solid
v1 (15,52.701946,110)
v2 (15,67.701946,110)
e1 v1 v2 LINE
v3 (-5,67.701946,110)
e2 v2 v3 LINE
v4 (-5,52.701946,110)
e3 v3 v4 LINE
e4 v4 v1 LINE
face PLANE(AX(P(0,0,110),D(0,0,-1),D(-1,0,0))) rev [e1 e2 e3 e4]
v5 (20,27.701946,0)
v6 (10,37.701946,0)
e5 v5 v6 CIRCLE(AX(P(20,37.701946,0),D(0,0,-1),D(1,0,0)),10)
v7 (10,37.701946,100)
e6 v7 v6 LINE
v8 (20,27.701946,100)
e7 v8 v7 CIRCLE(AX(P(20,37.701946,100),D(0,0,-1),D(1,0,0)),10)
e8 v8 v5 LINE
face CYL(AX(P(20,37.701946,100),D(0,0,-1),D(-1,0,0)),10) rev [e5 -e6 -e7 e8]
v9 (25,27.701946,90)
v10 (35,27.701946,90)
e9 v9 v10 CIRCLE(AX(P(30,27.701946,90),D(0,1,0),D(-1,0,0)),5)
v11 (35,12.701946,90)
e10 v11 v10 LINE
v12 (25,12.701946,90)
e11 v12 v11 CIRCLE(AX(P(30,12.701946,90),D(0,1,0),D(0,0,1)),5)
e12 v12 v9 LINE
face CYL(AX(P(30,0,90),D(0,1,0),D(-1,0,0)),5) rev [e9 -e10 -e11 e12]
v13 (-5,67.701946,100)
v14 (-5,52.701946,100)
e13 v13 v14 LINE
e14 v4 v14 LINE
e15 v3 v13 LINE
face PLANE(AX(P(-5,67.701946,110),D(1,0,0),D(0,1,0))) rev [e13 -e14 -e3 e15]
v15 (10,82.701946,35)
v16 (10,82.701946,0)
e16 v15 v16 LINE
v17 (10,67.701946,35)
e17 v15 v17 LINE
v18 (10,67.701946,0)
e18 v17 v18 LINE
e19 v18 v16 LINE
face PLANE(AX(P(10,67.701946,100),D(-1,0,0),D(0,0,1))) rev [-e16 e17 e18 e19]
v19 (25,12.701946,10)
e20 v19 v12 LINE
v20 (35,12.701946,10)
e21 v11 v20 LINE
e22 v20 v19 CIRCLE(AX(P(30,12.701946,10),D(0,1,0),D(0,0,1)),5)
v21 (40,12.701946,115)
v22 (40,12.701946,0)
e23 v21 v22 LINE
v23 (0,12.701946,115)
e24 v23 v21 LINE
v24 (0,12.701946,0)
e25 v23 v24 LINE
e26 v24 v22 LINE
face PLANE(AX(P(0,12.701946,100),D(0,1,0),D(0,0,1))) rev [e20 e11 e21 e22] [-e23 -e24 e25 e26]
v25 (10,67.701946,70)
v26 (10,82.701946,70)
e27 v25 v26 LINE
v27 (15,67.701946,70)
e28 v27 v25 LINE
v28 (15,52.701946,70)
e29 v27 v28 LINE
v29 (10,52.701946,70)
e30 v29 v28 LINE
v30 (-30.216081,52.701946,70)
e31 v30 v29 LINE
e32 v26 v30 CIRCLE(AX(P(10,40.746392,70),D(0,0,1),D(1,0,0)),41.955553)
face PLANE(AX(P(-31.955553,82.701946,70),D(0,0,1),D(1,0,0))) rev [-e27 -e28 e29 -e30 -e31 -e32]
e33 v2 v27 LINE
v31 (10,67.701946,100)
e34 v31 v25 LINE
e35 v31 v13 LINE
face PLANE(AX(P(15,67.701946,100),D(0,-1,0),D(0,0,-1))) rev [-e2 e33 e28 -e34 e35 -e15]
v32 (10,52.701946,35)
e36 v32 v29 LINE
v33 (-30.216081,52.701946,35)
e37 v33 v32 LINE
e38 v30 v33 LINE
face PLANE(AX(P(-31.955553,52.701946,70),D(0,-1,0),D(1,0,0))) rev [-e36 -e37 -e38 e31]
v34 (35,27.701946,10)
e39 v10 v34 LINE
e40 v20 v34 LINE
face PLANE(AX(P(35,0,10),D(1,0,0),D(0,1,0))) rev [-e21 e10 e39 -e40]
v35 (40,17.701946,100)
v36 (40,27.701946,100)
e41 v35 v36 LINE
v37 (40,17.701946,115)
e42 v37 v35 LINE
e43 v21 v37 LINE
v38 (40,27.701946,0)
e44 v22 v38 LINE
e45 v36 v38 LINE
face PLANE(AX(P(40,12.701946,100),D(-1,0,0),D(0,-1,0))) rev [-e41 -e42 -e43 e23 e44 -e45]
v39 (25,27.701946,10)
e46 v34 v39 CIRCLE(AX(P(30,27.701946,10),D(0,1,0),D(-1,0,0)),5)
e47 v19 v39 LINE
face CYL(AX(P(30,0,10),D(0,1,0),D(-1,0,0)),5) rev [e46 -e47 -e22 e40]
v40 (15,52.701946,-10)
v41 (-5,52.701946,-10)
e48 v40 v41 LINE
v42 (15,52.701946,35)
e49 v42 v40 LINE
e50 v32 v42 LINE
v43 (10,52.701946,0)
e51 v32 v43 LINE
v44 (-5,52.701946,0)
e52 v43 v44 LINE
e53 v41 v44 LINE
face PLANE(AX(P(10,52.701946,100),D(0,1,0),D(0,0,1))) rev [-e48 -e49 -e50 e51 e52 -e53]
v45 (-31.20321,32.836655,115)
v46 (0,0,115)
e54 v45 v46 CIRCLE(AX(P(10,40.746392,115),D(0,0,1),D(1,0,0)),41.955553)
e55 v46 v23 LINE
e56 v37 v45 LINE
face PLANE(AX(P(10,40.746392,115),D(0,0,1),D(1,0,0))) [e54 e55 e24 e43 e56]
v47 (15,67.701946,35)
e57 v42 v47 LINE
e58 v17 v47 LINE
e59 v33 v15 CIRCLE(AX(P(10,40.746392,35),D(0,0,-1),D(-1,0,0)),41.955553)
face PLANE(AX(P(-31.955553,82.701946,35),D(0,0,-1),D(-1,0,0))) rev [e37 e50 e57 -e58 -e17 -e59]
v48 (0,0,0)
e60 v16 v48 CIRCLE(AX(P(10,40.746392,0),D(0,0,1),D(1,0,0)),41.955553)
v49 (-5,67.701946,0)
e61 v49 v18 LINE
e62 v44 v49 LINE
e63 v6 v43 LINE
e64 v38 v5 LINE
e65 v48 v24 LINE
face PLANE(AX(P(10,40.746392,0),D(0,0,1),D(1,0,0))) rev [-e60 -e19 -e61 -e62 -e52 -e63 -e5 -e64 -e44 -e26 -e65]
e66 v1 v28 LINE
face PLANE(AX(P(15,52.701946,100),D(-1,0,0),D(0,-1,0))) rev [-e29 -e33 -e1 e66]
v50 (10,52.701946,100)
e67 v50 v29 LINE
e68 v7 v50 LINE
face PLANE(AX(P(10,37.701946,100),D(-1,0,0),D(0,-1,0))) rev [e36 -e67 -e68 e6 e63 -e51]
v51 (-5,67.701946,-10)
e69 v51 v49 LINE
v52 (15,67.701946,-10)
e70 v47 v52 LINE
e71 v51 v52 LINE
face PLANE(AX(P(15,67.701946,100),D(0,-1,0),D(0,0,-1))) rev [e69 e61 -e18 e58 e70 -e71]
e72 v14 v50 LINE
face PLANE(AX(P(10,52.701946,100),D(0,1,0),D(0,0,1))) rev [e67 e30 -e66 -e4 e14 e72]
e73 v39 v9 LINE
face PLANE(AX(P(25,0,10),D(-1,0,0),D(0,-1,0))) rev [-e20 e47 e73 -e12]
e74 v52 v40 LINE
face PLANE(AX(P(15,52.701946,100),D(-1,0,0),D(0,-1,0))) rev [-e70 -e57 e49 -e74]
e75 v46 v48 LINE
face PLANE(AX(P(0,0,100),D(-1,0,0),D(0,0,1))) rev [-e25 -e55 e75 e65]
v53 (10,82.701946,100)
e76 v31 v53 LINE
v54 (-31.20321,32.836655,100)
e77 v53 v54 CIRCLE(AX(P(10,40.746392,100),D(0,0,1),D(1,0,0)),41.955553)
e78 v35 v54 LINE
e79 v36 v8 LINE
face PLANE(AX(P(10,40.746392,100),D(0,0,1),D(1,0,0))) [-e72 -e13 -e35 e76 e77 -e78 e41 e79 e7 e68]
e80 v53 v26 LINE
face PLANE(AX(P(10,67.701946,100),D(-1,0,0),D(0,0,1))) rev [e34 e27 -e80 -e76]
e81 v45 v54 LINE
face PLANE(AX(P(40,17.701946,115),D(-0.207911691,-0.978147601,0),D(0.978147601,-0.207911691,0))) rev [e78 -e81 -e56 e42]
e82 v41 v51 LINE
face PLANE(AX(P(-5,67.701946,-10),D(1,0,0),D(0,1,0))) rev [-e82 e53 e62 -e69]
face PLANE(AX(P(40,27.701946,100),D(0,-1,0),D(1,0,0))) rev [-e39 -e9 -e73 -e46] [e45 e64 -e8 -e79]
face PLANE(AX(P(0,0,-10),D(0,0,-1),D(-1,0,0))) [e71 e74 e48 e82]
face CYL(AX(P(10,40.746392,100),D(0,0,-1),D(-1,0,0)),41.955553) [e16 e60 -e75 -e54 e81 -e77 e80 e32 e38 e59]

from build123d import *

# Parameters (mm, degrees)
BOSS_EXTRUDE1_DEPTH = 100
SKETCH2_W           = 35
SKETCH2_H           = 30
CUT_EXTRUDE1_DEPTH  = 139.001578957
SKETCH3_W           = 20
SKETCH3_H           = 15
BOSS_EXTRUDE2_DEPTH = 10
SKETCH4_W           = 20
SKETCH4_H           = 15
BOSS_EXTRUDE3_DEPTH = 10
BOSS_EXTRUDE4_DEPTH = 15
CUT_EXTRUDE2_DEPTH  = 134.603892159


with BuildPart() as part:
    # Sketch1 → Boss-Extrude1 (new body)
    with BuildSketch(Plane.XY):
        with BuildLine():
            Line((0, 0), (0, 12.701945525))
            Line((0, 12.701945525), (40, 12.701945525))
            Line((40, 12.701945525), (40, 27.701945525))
            Line((40, 27.701945525), (20, 27.701945525))
            ThreePointArc((20, 27.701945525), (12.928932188, 30.630877713), (10, 37.701945525))
            Line((10, 37.701945525), (10, 52.701945525))
            Line((10, 52.701945525), (15, 52.701945525))
            Line((15, 52.701945525), (15, 67.701945525))
            Line((15, 67.701945525), (10, 67.701945525))
            Line((10, 67.701945525), (10, 82.701945525))
            ThreePointArc((10, 82.701945525), (-31.652166191, 45.782811211), (0, 0))
        make_face()
    extrude(amount=BOSS_EXTRUDE1_DEPTH)

    # Sketch2 → Cut-Extrude1 (cut, through all)
    with BuildSketch(Plane(origin=(15, 0, 0), x_dir=(0, 0, -1), z_dir=(1, 0, 0))):
        with Locations((-52.5, 67.701945525)):
            Rectangle(SKETCH2_W, SKETCH2_H)
    extrude(amount=-CUT_EXTRUDE1_DEPTH, mode=Mode.SUBTRACT)

    # Sketch3 → Boss-Extrude2 (add)
    with BuildSketch(Plane.XY.offset(100)):
        with Locations((5, 60.201945525)):
            Rectangle(SKETCH3_W, SKETCH3_H)
    extrude(amount=BOSS_EXTRUDE2_DEPTH)

    # Sketch4 → Boss-Extrude3 (add)
    with BuildSketch(Plane(origin=(0, 0, 0), x_dir=(-1, 0, 0), z_dir=(0, 0, -1))):
        with Locations((-5, 60.201945525)):
            Rectangle(SKETCH4_W, SKETCH4_H)
    extrude(amount=BOSS_EXTRUDE3_DEPTH)

    # Sketch5 → Boss-Extrude4 (add)
    with BuildSketch(Plane.XY.offset(100)):
        with BuildLine():
            Line((40, 17.701945525), (-31.20321015, 32.836655055))
            ThreePointArc((-31.20321015, 32.836655055), (-20.413872841, 11.845443896), (0, 0))
            Line((0, 0), (0, 12.701945525))
            Line((0, 12.701945525), (40, 12.701945525))
            Line((40, 12.701945525), (40, 17.701945525))
        make_face()
    extrude(amount=BOSS_EXTRUDE4_DEPTH)

    # Sketch6 → Cut-Extrude2 (cut, through all)
    with BuildSketch(Plane(origin=(0, 27.701945525, 0), x_dir=(1, 0, 0), z_dir=(0, 1, 0))):
        with BuildLine():
            Line((35, -10), (35, -90))
            ThreePointArc((35, -90), (30, -95), (25, -90))
            Line((25, -90), (25, -10))
            ThreePointArc((25, -10), (30, -5), (35, -10))
        make_face()
    extrude(amount=-CUT_EXTRUDE2_DEPTH, mode=Mode.SUBTRACT)


solid = part.part
